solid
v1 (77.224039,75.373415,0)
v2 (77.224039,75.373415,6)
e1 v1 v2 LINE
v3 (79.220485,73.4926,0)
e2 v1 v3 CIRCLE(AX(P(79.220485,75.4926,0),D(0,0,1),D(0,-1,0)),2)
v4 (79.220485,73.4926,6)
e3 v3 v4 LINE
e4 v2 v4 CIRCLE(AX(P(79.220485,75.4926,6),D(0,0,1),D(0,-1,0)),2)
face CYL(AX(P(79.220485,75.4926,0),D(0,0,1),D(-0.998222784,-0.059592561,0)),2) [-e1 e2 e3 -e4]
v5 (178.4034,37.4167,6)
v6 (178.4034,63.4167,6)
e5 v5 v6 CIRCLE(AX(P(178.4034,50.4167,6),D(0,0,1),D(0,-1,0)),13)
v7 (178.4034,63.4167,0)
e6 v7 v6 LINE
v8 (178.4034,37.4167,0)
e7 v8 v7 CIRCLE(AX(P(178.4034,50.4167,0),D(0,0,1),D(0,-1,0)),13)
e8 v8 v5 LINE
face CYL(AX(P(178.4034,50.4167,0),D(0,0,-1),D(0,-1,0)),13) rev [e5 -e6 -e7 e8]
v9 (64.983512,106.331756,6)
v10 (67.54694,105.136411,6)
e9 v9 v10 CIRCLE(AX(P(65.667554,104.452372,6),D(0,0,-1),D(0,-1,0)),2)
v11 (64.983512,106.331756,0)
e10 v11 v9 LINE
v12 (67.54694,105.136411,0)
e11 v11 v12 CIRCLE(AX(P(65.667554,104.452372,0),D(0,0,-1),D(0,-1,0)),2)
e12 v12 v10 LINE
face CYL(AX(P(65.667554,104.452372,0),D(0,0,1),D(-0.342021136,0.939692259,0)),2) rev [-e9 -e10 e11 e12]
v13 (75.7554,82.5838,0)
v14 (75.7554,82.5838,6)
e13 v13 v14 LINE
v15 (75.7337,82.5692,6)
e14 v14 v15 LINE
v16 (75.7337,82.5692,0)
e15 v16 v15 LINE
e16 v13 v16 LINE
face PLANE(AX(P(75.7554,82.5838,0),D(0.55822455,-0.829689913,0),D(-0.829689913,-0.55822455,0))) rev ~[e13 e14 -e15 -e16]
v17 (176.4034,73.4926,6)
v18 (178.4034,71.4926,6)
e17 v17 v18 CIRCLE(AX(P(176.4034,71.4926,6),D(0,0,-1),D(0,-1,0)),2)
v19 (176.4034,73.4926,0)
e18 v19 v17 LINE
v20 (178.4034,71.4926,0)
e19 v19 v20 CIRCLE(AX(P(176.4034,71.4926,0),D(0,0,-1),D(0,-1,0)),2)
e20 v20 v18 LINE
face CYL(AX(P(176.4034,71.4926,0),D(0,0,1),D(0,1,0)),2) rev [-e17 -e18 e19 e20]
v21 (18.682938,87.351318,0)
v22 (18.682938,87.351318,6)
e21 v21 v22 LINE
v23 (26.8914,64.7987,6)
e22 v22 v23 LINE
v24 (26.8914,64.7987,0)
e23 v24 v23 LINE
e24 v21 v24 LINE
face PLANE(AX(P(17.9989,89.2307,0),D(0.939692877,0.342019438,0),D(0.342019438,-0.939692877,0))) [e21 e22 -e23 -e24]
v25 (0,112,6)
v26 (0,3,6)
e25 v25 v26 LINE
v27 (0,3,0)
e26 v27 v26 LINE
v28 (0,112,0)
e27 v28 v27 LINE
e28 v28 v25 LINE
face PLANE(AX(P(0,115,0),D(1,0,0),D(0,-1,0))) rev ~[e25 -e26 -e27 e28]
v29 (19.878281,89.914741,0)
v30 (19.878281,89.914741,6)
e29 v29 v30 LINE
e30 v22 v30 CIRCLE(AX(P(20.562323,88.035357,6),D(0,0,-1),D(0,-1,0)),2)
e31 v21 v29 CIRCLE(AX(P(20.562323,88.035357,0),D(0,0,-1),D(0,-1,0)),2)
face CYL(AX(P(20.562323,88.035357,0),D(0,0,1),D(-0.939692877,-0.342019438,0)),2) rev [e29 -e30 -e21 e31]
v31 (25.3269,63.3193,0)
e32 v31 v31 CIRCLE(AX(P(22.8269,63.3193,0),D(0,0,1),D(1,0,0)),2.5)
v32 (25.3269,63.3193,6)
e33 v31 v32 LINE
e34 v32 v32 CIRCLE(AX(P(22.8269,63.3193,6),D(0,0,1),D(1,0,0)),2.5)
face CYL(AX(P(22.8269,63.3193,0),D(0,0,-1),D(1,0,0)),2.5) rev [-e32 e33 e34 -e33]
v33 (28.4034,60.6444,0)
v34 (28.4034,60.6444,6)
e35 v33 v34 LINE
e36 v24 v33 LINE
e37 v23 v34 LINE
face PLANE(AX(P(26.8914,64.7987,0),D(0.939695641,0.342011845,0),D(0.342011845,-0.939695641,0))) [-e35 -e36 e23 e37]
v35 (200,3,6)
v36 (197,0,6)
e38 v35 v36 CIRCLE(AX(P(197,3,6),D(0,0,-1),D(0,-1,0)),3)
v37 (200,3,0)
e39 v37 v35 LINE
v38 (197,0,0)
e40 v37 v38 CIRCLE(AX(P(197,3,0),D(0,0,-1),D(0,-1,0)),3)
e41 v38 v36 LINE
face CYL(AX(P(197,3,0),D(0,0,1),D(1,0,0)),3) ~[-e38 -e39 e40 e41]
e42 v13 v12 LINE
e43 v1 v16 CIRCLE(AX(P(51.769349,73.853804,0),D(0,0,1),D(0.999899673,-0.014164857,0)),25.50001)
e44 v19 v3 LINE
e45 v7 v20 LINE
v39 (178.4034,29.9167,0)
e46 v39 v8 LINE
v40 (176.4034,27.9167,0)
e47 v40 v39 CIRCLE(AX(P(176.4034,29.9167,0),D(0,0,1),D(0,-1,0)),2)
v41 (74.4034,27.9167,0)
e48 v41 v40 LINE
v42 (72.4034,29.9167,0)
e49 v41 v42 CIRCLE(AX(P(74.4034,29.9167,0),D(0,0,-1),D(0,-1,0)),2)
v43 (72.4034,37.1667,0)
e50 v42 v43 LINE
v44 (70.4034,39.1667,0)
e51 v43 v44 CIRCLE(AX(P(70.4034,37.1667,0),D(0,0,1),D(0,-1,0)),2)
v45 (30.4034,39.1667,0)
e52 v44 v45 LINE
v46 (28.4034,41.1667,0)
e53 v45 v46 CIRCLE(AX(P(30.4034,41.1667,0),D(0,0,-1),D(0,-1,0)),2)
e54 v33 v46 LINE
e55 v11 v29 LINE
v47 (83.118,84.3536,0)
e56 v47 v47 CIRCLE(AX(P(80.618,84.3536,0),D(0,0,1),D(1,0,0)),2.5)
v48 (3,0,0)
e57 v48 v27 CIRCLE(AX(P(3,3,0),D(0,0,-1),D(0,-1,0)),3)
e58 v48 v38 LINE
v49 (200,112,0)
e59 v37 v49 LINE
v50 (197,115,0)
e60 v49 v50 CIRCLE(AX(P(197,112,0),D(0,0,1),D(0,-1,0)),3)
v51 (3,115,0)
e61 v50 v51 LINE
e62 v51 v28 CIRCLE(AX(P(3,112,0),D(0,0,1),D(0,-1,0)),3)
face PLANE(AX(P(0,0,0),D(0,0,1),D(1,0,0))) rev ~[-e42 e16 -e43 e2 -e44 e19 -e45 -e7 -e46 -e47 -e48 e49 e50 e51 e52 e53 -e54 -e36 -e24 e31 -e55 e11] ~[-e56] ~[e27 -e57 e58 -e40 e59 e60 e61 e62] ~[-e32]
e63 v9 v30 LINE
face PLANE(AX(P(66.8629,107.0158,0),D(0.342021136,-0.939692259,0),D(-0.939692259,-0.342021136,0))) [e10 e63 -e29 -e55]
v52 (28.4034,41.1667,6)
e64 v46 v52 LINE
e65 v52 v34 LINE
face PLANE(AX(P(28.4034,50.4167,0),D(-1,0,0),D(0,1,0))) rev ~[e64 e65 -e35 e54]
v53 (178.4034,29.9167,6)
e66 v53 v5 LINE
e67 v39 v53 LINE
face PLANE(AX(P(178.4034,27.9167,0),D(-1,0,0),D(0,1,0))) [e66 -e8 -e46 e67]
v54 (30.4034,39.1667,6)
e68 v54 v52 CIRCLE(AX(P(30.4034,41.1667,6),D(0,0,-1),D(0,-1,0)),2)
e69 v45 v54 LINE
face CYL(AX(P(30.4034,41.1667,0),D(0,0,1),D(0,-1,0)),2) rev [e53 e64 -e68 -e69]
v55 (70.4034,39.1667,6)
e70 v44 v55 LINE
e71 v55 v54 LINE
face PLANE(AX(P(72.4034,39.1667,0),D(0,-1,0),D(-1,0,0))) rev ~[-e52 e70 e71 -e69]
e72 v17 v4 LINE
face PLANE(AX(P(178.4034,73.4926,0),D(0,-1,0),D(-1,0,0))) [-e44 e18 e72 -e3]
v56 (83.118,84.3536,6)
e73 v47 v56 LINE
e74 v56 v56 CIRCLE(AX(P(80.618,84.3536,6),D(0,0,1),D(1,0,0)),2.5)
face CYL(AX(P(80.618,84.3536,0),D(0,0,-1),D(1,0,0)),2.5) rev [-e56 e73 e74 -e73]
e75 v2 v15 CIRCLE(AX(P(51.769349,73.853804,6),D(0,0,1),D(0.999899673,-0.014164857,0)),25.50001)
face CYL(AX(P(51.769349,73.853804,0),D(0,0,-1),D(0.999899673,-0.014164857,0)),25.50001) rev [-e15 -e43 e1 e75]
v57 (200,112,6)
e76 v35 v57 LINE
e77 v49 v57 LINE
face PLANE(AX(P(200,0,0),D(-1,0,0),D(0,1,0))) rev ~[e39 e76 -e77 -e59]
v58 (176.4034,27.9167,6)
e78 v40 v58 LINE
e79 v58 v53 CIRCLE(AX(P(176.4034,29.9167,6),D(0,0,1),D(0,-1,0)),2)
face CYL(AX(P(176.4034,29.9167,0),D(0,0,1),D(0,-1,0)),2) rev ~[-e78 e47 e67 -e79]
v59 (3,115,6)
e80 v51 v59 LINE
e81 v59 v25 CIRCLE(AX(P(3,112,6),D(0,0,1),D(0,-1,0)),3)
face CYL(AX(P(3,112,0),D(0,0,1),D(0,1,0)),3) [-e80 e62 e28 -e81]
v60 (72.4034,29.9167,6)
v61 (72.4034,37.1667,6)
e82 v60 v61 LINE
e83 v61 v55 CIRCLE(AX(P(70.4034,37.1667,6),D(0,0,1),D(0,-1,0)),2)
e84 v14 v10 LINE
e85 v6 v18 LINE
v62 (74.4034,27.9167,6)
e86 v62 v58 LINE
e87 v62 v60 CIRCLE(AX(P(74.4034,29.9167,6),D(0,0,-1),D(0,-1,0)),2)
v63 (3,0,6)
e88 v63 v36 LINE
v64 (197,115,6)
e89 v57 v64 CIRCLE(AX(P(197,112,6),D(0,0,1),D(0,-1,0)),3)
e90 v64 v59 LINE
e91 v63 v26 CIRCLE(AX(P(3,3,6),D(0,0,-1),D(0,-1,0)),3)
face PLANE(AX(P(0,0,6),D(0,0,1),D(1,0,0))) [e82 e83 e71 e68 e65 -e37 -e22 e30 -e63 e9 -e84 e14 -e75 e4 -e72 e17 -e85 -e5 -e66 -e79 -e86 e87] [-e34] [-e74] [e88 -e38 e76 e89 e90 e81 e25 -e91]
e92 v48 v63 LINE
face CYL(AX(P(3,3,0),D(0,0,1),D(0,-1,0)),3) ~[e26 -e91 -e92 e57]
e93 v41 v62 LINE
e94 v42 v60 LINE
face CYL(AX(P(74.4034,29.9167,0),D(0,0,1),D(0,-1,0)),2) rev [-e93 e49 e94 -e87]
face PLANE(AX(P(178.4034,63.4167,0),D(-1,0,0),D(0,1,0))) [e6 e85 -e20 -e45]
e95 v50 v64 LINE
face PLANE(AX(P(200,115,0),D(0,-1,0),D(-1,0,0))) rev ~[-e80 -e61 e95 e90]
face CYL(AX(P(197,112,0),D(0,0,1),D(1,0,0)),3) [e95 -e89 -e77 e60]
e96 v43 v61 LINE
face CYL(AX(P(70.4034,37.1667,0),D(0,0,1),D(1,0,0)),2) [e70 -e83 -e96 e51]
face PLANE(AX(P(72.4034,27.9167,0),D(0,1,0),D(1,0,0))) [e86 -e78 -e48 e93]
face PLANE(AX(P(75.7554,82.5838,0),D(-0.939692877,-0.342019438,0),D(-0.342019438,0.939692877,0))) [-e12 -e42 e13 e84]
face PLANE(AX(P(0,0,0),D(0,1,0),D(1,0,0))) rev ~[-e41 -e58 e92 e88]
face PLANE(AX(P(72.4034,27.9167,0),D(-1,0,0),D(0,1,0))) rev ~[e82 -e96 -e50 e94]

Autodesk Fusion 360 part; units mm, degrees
sketch "Sketch1" plane through (0, 0, 0) normal (0, 0, 1) x (1, 0, 0)
  line L0 (72.4034, 27.9167) -> (178.4034, 27.9167)
  line L1 (72.4034, 27.9167) -> (72.4034, 39.1667)
  line L2 (72.4034, 39.1667) -> (28.4034, 39.1667)
  line L3 (28.4034, 39.1667) -> (28.4034, 60.6444)
  line L4 (51.7694, 73.8535) -> (80.618, 84.3536) construction
  line L5 (51.7694, 73.8535) -> (87.8768, 73.8535) construction
  line L6 (80.618, 84.3536) -> (22.8269, 63.3193) construction
  line L7 (80.618, 84.3536) -> (137.5254, 84.3536) construction
  line L8 (178.4034, 73.4926) -> (77.2668, 73.4926)
  line L9 (72.4034, 39.1667) -> (72.4034, 27.9167)
  arc A0 (178.4034, 37.4167) -> (178.4034, 63.4167) centre (178.4034, 50.4167) ccw
  line L10 (178.4034, 27.9167) -> (178.4034, 37.4167)
  line L11 (178.4034, 63.4167) -> (178.4034, 73.4926)
  line L12 (0, 0) -> (200, 0)
  line L13 (200, 0) -> (200, 115)
  line L14 (200, 115) -> (0, 115)
  line L15 (0, 115) -> (0, 0)
  circle A1 centre (80.618, 84.3536) radius 2.5
  circle A2 centre (22.8269, 63.3193) radius 2.5
  line L16 (178.4034, 73.4926) -> (178.4034, 27.9167) construction
  line L17 (178.4034, 50.4167) -> (28.4034, 50.4167)
  line L18 (75.7554, 82.5838) -> (66.8629, 107.0158)
  line L19 (75.7554, 82.5838) -> (66.8629, 107.0158)
  line L20 (66.8629, 107.0158) -> (17.9989, 89.2307)
  line L21 (17.9989, 89.2307) -> (26.8914, 64.7987)
  line L22 (75.7554, 82.5838) -> (75.7337, 82.5692)
  arc A3 (77.2668, 73.4926) -> (75.7316, 82.5751) centre (51.7694, 73.8535) ccw
  line L23 (26.8914, 64.7987) -> (28.4034, 60.6444)
  dimension "d3" = 106
  dimension "d5" = 26
  dimension "d8" = 11.25
  dimension "d9" = 44
  dimension "d11" = 30.7
  dimension "d12" = 20
  dimension "d14" = 61.5
  dimension "d15" = 200
  dimension "d16" = 115
  dimension "d17" = 5
  dimension "d18" = 5
  dimension "d27" = 26
  dimension "d28" = 26
  dimension "d29" = 52
extrude "Extrude3" add sketch "Sketch1" along normal blind 6
fillet "Fillet3" radius 3 1 edges at (200, 0, 3)
fillet "Fillet4" radius 3 3 edges at (0, 0, 3) (0, 115, 3) (200, 115, 3)
fillet "Fillet5" radius 2 7 edges at (17.9989, 89.2307, 3) (66.8629, 107.0158, 3) (77.2668, 73.4926, 3) (28.4034, 39.1667, 3) (72.4034, 27.9167, 3) (178.4034, 27.9167, 3) (178.4034, 73.4926, 3)
fillet "Fillet6" radius 2 1 edges at (72.4034, 39.1667, 3)
